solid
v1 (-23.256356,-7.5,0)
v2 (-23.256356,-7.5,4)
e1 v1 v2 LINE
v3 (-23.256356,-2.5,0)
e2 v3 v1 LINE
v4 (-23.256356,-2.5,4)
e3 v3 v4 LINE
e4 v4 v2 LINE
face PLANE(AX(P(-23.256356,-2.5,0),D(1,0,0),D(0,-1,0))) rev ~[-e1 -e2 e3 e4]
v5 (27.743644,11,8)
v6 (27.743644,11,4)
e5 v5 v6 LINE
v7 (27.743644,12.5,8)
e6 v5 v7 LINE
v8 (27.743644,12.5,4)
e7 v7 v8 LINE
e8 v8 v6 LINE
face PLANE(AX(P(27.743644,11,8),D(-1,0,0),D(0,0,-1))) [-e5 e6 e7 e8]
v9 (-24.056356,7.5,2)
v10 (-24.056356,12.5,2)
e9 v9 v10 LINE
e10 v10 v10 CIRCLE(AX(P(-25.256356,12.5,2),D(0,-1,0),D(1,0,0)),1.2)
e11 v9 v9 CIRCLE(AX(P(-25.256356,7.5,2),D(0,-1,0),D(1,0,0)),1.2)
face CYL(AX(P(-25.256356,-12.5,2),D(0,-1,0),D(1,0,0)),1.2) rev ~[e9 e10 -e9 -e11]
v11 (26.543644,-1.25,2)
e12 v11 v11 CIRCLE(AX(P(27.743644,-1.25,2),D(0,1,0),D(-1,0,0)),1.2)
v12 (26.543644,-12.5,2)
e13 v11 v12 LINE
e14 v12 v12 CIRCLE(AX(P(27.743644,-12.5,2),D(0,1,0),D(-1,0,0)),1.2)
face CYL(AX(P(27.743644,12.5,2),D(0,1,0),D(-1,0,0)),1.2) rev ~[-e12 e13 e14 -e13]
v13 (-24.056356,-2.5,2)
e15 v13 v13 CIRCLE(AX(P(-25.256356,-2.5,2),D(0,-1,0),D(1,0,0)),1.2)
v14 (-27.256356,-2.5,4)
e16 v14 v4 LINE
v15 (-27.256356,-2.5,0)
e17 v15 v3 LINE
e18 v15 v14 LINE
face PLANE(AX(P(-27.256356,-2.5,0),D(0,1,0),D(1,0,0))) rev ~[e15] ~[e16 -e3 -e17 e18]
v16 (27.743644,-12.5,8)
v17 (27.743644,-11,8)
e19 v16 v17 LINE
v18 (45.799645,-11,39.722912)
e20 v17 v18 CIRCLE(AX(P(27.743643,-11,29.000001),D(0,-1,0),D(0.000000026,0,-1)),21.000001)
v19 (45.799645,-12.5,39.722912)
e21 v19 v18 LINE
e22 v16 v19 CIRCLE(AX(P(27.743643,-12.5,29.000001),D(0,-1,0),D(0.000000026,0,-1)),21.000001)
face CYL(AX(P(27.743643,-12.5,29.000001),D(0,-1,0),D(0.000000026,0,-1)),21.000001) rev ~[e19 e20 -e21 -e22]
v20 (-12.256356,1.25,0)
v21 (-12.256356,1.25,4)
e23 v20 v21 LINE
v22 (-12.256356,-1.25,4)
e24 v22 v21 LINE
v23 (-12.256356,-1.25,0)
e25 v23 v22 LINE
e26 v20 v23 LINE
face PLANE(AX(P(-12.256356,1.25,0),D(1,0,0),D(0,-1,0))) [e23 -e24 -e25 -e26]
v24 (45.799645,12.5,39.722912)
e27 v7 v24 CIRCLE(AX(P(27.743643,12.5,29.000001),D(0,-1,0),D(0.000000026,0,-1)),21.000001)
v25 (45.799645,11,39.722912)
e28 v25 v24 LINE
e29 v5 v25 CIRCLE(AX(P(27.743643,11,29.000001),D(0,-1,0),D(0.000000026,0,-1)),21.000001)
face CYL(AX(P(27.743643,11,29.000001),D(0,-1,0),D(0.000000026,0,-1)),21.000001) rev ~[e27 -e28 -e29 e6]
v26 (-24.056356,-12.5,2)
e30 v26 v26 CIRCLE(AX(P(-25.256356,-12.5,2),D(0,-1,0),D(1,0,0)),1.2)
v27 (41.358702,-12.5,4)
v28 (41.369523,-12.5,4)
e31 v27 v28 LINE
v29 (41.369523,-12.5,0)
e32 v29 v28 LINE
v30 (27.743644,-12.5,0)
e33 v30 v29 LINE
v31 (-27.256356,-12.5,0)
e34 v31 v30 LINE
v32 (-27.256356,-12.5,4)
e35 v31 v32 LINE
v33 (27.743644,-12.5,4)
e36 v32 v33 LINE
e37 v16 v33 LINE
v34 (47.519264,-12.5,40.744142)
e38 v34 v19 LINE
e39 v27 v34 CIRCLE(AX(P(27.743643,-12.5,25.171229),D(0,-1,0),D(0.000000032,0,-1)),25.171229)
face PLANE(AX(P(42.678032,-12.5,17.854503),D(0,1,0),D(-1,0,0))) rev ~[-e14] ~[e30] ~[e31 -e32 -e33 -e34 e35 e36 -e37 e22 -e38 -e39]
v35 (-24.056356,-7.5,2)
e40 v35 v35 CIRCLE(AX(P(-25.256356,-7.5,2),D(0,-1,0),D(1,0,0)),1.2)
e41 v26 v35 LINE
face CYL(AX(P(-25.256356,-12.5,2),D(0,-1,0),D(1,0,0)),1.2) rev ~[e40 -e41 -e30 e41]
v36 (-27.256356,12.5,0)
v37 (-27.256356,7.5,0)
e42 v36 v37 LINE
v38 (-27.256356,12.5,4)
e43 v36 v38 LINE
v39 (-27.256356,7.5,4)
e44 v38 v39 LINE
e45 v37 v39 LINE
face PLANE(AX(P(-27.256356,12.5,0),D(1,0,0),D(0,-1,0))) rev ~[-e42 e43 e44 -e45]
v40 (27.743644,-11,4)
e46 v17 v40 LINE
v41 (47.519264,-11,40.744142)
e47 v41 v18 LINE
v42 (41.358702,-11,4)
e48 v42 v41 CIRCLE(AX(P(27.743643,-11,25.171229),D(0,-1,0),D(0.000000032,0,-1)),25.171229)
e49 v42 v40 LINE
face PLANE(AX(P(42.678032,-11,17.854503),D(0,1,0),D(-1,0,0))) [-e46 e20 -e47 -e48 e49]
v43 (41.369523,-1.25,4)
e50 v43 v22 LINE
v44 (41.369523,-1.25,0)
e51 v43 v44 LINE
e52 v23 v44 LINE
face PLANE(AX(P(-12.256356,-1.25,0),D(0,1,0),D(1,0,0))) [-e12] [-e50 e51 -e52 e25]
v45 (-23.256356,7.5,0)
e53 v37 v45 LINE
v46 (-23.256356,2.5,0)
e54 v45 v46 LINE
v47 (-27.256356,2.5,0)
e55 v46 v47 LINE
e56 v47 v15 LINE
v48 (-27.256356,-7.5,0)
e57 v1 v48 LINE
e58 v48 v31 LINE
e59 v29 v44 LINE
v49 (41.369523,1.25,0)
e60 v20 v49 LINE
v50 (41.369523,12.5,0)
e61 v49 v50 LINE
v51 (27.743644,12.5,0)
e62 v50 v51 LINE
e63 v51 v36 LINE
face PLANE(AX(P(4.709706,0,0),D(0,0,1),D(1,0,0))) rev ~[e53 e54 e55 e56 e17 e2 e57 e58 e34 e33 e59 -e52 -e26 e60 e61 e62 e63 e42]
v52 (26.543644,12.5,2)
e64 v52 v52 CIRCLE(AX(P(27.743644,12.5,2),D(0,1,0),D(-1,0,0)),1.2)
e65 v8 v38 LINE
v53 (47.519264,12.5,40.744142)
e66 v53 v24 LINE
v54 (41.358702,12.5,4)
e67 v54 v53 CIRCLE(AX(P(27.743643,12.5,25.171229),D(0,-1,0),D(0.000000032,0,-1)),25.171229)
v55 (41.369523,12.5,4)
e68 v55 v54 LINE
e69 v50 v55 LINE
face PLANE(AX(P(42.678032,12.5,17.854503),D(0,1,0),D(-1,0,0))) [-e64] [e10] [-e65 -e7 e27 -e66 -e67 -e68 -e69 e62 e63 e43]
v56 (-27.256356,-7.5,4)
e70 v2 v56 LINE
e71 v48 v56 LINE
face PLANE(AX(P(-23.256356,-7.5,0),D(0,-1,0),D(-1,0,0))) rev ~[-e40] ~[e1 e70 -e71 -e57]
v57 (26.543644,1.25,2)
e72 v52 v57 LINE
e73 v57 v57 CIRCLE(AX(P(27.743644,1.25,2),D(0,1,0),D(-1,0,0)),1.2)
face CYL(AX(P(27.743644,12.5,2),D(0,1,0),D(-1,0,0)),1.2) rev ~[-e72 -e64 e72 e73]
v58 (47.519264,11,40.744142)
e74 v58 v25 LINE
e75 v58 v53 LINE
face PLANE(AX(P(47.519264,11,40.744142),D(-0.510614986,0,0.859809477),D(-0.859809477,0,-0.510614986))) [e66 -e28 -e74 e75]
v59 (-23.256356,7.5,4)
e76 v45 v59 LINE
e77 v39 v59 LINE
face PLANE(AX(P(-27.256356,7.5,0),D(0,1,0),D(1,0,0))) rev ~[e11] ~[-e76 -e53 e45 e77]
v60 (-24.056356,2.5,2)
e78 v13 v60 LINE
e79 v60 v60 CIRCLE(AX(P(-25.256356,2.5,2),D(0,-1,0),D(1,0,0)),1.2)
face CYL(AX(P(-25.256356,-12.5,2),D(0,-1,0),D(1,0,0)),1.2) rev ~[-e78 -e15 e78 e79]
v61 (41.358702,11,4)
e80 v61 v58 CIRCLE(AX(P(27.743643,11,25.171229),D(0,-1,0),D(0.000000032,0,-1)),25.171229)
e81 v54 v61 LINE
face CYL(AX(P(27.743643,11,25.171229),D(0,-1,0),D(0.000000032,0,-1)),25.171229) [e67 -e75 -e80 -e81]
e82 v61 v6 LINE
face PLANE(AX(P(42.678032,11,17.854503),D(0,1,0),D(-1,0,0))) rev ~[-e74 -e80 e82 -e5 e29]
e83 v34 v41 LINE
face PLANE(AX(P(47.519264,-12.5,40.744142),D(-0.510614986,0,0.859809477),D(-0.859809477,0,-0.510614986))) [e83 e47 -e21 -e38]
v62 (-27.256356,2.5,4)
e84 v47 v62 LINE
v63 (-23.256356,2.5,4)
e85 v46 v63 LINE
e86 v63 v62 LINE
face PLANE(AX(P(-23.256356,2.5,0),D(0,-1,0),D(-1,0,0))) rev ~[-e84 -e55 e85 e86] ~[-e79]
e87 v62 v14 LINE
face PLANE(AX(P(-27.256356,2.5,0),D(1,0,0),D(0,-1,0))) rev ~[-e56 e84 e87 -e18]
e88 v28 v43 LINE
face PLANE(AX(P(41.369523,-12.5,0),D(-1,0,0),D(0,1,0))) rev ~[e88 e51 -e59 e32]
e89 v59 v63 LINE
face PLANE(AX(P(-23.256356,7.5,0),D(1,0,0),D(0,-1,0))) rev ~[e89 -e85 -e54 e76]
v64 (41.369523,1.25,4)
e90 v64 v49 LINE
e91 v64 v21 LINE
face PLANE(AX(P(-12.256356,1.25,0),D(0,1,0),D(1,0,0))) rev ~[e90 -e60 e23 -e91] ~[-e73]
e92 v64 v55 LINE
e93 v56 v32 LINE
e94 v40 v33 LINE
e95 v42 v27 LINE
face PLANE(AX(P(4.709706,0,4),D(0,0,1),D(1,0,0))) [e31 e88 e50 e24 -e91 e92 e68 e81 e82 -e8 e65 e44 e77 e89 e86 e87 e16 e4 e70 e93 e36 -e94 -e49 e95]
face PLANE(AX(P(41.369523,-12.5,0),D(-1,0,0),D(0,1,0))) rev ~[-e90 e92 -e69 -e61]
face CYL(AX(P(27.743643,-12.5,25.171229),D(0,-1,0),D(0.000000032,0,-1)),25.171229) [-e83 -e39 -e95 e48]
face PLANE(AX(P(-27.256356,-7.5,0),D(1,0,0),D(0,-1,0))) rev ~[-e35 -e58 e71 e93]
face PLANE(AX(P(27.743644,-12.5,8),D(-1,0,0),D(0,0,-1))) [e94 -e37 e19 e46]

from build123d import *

# Parameters (mm, degrees)
PAD_DEPTH           = 4
SKETCH001_R         = 1.2
POCKET_DEPTH        = 25.001
PAD001_DEPTH        = 1.5
LINEARPATTERN_COUNT = 2
LINEARPATTERN_PITCH = 23.5
SKETCH003_R         = 1.2
POCKET001_DEPTH     = 25.001
SKETCH004_W         = 57.256356
SKETCH004_H         = 2.5
POCKET002_DEPTH     = 40.745142


with BuildPart() as part:
    # Sketch → Pad (new body)
    with BuildSketch(Plane.XY):
        Polygon((41.369523, 12.5), (-27.256356, 12.5), (-27.256356, 7.5), (-23.256356, 7.5), (-23.256356, 2.5), (-27.256356, 2.5), (-27.256356, -2.5), (-23.256356, -2.5), (-23.256356, -7.5), (-27.256356, -7.5), (-27.256356, -12.5), (41.369523, -12.5), align=None)
    extrude(amount=PAD_DEPTH)

    # Sketch001 → Pocket (cut, through all)
    with BuildSketch(Plane.XZ.offset(12.5)):
        with Locations((-25.256356, 2)):
            Circle(SKETCH001_R)
    extrude(amount=-POCKET_DEPTH, mode=Mode.SUBTRACT)

    # Sketch002 → Pad001 (new body)
    with BuildSketch(Plane.XZ.offset(12.5)):
        with BuildLine():
            ThreePointArc((27.743644, 8), (45.994413, 18.612054), (45.799645, 39.722912))
            Line((47.519264, 40.744142), (45.799645, 39.722912))
            ThreePointArc((27.743644, 0), (50.388512, 14.180292), (47.519264, 40.744142))
            Line((27.743644, 8), (27.743644, 0))
        make_face()
    pad001 = extrude(amount=-PAD001_DEPTH)

    # LinearPattern: Pad001 ×2
    with Locations(*[(0, i * LINEARPATTERN_PITCH, 0) for i in range(1, LINEARPATTERN_COUNT)]):
        add(pad001)

    # Sketch003 → Pocket001 (cut, through all)
    with BuildSketch(Plane(origin=(0, 12.5, 0), x_dir=(-1, 0, 0), z_dir=(0, 1, 0))):
        with Locations((-27.743644, 2)):
            Circle(SKETCH003_R)
    extrude(amount=-POCKET001_DEPTH, mode=Mode.SUBTRACT)

    # Sketch004 → Pocket002 (cut, through all)
    with BuildSketch(Plane(origin=(0, 0, 0), x_dir=(1, 0, 0), z_dir=(0, 0, -1))):
        with Locations((16.371822, 0)):
            Rectangle(SKETCH004_W, SKETCH004_H)
    extrude(amount=-POCKET002_DEPTH, mode=Mode.SUBTRACT)


solid = part.part
